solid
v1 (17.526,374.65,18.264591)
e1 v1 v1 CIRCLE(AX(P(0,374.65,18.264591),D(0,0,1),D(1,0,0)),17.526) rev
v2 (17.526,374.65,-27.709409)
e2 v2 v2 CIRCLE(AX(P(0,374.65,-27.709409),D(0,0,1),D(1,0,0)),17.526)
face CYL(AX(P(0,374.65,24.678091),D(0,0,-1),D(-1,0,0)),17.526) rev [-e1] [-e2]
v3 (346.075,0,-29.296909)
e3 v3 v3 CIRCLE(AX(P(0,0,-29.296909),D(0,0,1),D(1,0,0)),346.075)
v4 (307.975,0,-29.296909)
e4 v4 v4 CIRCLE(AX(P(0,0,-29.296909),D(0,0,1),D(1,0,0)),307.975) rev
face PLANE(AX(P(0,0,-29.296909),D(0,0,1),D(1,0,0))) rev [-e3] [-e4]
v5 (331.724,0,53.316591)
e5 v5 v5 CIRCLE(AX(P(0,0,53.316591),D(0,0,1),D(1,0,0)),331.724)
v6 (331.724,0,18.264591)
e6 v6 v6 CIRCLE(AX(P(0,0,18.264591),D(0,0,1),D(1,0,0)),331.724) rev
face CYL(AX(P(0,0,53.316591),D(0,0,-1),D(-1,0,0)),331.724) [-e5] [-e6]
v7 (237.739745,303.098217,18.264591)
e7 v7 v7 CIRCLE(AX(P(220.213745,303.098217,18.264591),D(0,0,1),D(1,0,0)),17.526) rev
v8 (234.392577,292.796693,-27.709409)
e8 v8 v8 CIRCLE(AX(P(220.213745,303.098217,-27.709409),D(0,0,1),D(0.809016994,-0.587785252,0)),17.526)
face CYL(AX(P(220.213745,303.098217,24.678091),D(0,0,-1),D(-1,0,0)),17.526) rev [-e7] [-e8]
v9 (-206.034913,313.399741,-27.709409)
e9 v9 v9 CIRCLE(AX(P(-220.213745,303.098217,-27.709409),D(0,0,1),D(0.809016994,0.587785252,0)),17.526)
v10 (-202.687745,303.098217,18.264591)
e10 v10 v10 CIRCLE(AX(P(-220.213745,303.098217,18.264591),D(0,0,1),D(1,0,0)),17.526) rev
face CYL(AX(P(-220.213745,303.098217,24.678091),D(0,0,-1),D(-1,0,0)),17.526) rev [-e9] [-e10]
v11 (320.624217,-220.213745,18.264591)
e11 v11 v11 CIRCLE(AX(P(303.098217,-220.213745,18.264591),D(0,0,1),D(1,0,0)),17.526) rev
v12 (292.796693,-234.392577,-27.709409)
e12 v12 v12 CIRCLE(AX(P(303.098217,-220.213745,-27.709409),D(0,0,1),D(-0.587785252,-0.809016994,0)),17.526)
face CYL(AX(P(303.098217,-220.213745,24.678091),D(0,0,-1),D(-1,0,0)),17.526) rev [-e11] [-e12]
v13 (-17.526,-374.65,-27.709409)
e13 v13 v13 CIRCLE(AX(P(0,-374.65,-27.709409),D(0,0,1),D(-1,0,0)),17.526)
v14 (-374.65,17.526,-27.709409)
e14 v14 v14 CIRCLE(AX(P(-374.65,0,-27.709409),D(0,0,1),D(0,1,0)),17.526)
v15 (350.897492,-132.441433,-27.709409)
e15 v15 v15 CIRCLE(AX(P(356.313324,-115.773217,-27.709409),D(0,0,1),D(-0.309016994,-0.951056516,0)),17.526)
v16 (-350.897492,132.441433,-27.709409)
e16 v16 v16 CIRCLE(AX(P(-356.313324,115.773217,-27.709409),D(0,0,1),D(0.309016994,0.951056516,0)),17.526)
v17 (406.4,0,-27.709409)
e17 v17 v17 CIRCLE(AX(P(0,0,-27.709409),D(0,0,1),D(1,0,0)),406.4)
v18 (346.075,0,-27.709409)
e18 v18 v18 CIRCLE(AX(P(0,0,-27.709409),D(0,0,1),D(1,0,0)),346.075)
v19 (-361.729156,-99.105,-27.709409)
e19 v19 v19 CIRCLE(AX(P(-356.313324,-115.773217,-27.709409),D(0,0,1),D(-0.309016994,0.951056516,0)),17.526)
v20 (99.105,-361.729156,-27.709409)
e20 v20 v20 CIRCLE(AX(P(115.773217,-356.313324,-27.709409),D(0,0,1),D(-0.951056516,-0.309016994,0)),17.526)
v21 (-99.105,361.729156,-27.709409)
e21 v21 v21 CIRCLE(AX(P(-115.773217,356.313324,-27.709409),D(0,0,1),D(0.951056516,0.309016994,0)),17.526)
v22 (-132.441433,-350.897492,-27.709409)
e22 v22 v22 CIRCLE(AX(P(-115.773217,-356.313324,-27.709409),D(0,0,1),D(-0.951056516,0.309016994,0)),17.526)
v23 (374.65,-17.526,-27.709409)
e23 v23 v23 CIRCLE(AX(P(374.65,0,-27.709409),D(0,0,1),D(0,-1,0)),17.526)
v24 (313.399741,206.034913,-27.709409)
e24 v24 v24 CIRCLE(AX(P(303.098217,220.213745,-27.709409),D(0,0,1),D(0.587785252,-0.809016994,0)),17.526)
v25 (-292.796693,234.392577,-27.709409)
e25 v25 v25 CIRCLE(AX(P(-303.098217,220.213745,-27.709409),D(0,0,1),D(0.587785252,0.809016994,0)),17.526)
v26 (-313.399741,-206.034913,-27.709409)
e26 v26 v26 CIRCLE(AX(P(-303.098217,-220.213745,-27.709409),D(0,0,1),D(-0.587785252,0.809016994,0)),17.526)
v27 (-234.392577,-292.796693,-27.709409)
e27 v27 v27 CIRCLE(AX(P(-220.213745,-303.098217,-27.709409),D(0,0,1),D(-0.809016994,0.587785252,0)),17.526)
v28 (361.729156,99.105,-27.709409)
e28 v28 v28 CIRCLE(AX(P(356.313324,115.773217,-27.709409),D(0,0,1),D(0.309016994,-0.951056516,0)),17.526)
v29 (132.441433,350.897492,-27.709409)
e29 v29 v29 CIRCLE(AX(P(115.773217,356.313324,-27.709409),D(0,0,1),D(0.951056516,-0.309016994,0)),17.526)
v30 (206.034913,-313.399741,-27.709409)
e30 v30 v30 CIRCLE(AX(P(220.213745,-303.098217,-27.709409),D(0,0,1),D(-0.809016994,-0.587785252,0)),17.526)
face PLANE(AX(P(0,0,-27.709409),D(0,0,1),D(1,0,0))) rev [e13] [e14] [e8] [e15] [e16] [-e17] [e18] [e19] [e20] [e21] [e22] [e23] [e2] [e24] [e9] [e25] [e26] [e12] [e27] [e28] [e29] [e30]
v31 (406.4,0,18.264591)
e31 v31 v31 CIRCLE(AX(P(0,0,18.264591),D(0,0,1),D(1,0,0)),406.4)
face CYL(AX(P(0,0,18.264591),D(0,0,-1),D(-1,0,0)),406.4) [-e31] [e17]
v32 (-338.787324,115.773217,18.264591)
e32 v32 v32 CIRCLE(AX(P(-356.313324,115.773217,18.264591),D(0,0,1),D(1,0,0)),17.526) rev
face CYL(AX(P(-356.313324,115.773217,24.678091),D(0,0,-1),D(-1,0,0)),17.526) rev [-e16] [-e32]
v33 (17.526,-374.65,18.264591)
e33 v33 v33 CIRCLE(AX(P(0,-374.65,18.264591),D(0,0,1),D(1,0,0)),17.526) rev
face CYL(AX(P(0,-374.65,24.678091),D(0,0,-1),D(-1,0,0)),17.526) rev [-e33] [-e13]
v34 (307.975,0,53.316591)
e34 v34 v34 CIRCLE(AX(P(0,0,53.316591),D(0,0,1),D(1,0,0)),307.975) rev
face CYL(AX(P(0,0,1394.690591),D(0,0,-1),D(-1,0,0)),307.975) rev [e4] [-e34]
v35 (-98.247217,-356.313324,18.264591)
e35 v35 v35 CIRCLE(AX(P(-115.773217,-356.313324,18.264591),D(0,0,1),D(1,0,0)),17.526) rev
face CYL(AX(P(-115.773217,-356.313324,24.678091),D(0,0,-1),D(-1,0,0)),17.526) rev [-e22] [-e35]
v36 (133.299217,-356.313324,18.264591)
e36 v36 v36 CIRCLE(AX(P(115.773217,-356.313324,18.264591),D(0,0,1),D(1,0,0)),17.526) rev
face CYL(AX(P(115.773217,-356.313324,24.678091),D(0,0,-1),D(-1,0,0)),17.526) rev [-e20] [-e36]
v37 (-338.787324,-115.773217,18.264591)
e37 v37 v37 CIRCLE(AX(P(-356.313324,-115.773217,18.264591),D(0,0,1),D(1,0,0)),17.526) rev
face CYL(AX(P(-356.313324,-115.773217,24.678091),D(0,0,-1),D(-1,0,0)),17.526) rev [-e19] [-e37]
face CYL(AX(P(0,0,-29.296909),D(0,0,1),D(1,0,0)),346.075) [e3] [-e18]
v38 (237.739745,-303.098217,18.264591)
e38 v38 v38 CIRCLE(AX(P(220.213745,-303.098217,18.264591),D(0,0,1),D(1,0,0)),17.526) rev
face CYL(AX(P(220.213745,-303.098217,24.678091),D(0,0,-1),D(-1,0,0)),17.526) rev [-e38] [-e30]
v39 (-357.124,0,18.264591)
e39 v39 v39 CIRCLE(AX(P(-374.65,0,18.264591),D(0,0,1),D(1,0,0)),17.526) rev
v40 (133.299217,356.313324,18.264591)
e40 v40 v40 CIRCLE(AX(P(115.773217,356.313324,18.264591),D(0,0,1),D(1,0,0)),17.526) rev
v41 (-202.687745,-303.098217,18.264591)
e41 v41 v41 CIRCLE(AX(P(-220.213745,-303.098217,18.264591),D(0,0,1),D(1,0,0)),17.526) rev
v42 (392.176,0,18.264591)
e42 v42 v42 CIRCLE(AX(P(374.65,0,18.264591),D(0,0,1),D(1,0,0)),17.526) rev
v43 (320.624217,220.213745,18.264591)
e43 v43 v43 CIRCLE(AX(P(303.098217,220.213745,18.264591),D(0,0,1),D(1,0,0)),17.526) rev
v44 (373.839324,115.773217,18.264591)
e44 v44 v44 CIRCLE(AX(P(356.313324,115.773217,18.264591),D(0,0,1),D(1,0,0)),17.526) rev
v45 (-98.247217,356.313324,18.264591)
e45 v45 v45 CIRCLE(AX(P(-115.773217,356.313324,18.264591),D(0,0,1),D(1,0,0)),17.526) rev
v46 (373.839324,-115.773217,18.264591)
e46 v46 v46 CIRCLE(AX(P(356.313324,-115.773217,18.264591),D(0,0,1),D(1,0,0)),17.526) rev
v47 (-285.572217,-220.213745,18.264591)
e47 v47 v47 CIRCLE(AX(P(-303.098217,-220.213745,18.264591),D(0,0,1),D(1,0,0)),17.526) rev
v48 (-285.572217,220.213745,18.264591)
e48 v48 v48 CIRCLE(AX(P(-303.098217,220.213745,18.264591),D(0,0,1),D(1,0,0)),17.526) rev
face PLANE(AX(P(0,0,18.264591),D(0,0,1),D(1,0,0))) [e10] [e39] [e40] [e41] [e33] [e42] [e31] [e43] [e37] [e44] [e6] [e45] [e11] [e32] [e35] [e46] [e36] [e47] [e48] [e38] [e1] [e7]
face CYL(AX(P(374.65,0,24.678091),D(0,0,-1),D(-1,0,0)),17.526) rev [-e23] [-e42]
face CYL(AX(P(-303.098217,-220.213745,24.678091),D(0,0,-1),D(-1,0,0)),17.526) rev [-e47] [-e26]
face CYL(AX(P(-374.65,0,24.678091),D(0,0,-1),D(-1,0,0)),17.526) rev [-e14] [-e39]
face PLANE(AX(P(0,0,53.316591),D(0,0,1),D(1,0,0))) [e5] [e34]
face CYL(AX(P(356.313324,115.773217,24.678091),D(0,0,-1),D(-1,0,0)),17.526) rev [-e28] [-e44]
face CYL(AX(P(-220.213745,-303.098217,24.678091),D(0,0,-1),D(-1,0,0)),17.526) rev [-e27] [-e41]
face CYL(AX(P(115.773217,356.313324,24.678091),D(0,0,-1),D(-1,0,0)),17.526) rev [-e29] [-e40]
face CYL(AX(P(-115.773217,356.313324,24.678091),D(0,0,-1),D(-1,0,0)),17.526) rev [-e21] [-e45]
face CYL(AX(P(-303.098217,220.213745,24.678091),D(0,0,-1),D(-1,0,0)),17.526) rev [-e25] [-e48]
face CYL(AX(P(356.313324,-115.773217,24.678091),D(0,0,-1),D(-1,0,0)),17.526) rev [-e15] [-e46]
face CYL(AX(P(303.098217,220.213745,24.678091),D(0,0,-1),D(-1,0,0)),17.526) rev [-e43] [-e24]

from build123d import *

# Parameters (mm, degrees)
SKETCH2_R               = 16
BOSS_EXTRUDE1_DEPTH     = 1.81
SKETCH3_R               = 13.06
BOSS_EXTRUDE2_DEPTH     = 3.19
SKETCH4_R               = 13.625
BOSS_EXTRUDE3_DEPTH     = 0.0625
SKETCH5_R               = 12.125
CUT_EXTRUDE1_DEPTH      = 56
CUT_EXTRUDE1_DEPTH_BACK = 4.0625
SKETCH6_R               = 0.69
CUT_EXTRUDE2_DEPTH      = 2.0625
CIRPATTERN1_COUNT       = 20
SCALE1_SCALE            = 25.4


with BuildPart() as part:
    # Sketch2 → Boss-Extrude1 (new body)
    with BuildSketch(Plane.XY):
        Circle(SKETCH2_R)
    extrude(amount=BOSS_EXTRUDE1_DEPTH)

    # Sketch3 → Boss-Extrude2 (add)
    with BuildSketch(Plane.XY):
        Circle(SKETCH3_R)
    extrude(amount=BOSS_EXTRUDE2_DEPTH)

    # Sketch4 → Boss-Extrude3 (add)
    with BuildSketch(Plane.XY):
        Circle(SKETCH4_R)
    extrude(amount=-BOSS_EXTRUDE3_DEPTH)

    # Sketch5 → Cut-Extrude1 (cut, two sides)
    with BuildSketch(Plane.XY) as cut_extrude1_sk:
        Circle(SKETCH5_R)
    extrude(amount=CUT_EXTRUDE1_DEPTH, mode=Mode.SUBTRACT)
    extrude(cut_extrude1_sk.sketch, amount=-CUT_EXTRUDE1_DEPTH_BACK, mode=Mode.SUBTRACT)

    # Sketch6 → Cut-Extrude2 (cut)
    with BuildSketch(Plane.XY):
        with Locations((0, 14.75)):
            Circle(SKETCH6_R)
    cut_extrude2 = extrude(amount=CUT_EXTRUDE2_DEPTH, mode=Mode.SUBTRACT)

    # CirPattern1: Cut-Extrude2 ×20 about axis
    cirpattern1_axis = Axis((0, 0, 0), (0, 0, 1))
    for i in range(1, CIRPATTERN1_COUNT):
        add(cut_extrude2.rotate(cirpattern1_axis, i * 360 / CIRPATTERN1_COUNT), mode=Mode.SUBTRACT)


with BuildPart() as part_1:
    # Scale1: scaled about (0, 0, 1.135631503)
    add(part.part.scale(SCALE1_SCALE).moved(Location((0, 0, -27.709408673))))


solid = part_1.part
